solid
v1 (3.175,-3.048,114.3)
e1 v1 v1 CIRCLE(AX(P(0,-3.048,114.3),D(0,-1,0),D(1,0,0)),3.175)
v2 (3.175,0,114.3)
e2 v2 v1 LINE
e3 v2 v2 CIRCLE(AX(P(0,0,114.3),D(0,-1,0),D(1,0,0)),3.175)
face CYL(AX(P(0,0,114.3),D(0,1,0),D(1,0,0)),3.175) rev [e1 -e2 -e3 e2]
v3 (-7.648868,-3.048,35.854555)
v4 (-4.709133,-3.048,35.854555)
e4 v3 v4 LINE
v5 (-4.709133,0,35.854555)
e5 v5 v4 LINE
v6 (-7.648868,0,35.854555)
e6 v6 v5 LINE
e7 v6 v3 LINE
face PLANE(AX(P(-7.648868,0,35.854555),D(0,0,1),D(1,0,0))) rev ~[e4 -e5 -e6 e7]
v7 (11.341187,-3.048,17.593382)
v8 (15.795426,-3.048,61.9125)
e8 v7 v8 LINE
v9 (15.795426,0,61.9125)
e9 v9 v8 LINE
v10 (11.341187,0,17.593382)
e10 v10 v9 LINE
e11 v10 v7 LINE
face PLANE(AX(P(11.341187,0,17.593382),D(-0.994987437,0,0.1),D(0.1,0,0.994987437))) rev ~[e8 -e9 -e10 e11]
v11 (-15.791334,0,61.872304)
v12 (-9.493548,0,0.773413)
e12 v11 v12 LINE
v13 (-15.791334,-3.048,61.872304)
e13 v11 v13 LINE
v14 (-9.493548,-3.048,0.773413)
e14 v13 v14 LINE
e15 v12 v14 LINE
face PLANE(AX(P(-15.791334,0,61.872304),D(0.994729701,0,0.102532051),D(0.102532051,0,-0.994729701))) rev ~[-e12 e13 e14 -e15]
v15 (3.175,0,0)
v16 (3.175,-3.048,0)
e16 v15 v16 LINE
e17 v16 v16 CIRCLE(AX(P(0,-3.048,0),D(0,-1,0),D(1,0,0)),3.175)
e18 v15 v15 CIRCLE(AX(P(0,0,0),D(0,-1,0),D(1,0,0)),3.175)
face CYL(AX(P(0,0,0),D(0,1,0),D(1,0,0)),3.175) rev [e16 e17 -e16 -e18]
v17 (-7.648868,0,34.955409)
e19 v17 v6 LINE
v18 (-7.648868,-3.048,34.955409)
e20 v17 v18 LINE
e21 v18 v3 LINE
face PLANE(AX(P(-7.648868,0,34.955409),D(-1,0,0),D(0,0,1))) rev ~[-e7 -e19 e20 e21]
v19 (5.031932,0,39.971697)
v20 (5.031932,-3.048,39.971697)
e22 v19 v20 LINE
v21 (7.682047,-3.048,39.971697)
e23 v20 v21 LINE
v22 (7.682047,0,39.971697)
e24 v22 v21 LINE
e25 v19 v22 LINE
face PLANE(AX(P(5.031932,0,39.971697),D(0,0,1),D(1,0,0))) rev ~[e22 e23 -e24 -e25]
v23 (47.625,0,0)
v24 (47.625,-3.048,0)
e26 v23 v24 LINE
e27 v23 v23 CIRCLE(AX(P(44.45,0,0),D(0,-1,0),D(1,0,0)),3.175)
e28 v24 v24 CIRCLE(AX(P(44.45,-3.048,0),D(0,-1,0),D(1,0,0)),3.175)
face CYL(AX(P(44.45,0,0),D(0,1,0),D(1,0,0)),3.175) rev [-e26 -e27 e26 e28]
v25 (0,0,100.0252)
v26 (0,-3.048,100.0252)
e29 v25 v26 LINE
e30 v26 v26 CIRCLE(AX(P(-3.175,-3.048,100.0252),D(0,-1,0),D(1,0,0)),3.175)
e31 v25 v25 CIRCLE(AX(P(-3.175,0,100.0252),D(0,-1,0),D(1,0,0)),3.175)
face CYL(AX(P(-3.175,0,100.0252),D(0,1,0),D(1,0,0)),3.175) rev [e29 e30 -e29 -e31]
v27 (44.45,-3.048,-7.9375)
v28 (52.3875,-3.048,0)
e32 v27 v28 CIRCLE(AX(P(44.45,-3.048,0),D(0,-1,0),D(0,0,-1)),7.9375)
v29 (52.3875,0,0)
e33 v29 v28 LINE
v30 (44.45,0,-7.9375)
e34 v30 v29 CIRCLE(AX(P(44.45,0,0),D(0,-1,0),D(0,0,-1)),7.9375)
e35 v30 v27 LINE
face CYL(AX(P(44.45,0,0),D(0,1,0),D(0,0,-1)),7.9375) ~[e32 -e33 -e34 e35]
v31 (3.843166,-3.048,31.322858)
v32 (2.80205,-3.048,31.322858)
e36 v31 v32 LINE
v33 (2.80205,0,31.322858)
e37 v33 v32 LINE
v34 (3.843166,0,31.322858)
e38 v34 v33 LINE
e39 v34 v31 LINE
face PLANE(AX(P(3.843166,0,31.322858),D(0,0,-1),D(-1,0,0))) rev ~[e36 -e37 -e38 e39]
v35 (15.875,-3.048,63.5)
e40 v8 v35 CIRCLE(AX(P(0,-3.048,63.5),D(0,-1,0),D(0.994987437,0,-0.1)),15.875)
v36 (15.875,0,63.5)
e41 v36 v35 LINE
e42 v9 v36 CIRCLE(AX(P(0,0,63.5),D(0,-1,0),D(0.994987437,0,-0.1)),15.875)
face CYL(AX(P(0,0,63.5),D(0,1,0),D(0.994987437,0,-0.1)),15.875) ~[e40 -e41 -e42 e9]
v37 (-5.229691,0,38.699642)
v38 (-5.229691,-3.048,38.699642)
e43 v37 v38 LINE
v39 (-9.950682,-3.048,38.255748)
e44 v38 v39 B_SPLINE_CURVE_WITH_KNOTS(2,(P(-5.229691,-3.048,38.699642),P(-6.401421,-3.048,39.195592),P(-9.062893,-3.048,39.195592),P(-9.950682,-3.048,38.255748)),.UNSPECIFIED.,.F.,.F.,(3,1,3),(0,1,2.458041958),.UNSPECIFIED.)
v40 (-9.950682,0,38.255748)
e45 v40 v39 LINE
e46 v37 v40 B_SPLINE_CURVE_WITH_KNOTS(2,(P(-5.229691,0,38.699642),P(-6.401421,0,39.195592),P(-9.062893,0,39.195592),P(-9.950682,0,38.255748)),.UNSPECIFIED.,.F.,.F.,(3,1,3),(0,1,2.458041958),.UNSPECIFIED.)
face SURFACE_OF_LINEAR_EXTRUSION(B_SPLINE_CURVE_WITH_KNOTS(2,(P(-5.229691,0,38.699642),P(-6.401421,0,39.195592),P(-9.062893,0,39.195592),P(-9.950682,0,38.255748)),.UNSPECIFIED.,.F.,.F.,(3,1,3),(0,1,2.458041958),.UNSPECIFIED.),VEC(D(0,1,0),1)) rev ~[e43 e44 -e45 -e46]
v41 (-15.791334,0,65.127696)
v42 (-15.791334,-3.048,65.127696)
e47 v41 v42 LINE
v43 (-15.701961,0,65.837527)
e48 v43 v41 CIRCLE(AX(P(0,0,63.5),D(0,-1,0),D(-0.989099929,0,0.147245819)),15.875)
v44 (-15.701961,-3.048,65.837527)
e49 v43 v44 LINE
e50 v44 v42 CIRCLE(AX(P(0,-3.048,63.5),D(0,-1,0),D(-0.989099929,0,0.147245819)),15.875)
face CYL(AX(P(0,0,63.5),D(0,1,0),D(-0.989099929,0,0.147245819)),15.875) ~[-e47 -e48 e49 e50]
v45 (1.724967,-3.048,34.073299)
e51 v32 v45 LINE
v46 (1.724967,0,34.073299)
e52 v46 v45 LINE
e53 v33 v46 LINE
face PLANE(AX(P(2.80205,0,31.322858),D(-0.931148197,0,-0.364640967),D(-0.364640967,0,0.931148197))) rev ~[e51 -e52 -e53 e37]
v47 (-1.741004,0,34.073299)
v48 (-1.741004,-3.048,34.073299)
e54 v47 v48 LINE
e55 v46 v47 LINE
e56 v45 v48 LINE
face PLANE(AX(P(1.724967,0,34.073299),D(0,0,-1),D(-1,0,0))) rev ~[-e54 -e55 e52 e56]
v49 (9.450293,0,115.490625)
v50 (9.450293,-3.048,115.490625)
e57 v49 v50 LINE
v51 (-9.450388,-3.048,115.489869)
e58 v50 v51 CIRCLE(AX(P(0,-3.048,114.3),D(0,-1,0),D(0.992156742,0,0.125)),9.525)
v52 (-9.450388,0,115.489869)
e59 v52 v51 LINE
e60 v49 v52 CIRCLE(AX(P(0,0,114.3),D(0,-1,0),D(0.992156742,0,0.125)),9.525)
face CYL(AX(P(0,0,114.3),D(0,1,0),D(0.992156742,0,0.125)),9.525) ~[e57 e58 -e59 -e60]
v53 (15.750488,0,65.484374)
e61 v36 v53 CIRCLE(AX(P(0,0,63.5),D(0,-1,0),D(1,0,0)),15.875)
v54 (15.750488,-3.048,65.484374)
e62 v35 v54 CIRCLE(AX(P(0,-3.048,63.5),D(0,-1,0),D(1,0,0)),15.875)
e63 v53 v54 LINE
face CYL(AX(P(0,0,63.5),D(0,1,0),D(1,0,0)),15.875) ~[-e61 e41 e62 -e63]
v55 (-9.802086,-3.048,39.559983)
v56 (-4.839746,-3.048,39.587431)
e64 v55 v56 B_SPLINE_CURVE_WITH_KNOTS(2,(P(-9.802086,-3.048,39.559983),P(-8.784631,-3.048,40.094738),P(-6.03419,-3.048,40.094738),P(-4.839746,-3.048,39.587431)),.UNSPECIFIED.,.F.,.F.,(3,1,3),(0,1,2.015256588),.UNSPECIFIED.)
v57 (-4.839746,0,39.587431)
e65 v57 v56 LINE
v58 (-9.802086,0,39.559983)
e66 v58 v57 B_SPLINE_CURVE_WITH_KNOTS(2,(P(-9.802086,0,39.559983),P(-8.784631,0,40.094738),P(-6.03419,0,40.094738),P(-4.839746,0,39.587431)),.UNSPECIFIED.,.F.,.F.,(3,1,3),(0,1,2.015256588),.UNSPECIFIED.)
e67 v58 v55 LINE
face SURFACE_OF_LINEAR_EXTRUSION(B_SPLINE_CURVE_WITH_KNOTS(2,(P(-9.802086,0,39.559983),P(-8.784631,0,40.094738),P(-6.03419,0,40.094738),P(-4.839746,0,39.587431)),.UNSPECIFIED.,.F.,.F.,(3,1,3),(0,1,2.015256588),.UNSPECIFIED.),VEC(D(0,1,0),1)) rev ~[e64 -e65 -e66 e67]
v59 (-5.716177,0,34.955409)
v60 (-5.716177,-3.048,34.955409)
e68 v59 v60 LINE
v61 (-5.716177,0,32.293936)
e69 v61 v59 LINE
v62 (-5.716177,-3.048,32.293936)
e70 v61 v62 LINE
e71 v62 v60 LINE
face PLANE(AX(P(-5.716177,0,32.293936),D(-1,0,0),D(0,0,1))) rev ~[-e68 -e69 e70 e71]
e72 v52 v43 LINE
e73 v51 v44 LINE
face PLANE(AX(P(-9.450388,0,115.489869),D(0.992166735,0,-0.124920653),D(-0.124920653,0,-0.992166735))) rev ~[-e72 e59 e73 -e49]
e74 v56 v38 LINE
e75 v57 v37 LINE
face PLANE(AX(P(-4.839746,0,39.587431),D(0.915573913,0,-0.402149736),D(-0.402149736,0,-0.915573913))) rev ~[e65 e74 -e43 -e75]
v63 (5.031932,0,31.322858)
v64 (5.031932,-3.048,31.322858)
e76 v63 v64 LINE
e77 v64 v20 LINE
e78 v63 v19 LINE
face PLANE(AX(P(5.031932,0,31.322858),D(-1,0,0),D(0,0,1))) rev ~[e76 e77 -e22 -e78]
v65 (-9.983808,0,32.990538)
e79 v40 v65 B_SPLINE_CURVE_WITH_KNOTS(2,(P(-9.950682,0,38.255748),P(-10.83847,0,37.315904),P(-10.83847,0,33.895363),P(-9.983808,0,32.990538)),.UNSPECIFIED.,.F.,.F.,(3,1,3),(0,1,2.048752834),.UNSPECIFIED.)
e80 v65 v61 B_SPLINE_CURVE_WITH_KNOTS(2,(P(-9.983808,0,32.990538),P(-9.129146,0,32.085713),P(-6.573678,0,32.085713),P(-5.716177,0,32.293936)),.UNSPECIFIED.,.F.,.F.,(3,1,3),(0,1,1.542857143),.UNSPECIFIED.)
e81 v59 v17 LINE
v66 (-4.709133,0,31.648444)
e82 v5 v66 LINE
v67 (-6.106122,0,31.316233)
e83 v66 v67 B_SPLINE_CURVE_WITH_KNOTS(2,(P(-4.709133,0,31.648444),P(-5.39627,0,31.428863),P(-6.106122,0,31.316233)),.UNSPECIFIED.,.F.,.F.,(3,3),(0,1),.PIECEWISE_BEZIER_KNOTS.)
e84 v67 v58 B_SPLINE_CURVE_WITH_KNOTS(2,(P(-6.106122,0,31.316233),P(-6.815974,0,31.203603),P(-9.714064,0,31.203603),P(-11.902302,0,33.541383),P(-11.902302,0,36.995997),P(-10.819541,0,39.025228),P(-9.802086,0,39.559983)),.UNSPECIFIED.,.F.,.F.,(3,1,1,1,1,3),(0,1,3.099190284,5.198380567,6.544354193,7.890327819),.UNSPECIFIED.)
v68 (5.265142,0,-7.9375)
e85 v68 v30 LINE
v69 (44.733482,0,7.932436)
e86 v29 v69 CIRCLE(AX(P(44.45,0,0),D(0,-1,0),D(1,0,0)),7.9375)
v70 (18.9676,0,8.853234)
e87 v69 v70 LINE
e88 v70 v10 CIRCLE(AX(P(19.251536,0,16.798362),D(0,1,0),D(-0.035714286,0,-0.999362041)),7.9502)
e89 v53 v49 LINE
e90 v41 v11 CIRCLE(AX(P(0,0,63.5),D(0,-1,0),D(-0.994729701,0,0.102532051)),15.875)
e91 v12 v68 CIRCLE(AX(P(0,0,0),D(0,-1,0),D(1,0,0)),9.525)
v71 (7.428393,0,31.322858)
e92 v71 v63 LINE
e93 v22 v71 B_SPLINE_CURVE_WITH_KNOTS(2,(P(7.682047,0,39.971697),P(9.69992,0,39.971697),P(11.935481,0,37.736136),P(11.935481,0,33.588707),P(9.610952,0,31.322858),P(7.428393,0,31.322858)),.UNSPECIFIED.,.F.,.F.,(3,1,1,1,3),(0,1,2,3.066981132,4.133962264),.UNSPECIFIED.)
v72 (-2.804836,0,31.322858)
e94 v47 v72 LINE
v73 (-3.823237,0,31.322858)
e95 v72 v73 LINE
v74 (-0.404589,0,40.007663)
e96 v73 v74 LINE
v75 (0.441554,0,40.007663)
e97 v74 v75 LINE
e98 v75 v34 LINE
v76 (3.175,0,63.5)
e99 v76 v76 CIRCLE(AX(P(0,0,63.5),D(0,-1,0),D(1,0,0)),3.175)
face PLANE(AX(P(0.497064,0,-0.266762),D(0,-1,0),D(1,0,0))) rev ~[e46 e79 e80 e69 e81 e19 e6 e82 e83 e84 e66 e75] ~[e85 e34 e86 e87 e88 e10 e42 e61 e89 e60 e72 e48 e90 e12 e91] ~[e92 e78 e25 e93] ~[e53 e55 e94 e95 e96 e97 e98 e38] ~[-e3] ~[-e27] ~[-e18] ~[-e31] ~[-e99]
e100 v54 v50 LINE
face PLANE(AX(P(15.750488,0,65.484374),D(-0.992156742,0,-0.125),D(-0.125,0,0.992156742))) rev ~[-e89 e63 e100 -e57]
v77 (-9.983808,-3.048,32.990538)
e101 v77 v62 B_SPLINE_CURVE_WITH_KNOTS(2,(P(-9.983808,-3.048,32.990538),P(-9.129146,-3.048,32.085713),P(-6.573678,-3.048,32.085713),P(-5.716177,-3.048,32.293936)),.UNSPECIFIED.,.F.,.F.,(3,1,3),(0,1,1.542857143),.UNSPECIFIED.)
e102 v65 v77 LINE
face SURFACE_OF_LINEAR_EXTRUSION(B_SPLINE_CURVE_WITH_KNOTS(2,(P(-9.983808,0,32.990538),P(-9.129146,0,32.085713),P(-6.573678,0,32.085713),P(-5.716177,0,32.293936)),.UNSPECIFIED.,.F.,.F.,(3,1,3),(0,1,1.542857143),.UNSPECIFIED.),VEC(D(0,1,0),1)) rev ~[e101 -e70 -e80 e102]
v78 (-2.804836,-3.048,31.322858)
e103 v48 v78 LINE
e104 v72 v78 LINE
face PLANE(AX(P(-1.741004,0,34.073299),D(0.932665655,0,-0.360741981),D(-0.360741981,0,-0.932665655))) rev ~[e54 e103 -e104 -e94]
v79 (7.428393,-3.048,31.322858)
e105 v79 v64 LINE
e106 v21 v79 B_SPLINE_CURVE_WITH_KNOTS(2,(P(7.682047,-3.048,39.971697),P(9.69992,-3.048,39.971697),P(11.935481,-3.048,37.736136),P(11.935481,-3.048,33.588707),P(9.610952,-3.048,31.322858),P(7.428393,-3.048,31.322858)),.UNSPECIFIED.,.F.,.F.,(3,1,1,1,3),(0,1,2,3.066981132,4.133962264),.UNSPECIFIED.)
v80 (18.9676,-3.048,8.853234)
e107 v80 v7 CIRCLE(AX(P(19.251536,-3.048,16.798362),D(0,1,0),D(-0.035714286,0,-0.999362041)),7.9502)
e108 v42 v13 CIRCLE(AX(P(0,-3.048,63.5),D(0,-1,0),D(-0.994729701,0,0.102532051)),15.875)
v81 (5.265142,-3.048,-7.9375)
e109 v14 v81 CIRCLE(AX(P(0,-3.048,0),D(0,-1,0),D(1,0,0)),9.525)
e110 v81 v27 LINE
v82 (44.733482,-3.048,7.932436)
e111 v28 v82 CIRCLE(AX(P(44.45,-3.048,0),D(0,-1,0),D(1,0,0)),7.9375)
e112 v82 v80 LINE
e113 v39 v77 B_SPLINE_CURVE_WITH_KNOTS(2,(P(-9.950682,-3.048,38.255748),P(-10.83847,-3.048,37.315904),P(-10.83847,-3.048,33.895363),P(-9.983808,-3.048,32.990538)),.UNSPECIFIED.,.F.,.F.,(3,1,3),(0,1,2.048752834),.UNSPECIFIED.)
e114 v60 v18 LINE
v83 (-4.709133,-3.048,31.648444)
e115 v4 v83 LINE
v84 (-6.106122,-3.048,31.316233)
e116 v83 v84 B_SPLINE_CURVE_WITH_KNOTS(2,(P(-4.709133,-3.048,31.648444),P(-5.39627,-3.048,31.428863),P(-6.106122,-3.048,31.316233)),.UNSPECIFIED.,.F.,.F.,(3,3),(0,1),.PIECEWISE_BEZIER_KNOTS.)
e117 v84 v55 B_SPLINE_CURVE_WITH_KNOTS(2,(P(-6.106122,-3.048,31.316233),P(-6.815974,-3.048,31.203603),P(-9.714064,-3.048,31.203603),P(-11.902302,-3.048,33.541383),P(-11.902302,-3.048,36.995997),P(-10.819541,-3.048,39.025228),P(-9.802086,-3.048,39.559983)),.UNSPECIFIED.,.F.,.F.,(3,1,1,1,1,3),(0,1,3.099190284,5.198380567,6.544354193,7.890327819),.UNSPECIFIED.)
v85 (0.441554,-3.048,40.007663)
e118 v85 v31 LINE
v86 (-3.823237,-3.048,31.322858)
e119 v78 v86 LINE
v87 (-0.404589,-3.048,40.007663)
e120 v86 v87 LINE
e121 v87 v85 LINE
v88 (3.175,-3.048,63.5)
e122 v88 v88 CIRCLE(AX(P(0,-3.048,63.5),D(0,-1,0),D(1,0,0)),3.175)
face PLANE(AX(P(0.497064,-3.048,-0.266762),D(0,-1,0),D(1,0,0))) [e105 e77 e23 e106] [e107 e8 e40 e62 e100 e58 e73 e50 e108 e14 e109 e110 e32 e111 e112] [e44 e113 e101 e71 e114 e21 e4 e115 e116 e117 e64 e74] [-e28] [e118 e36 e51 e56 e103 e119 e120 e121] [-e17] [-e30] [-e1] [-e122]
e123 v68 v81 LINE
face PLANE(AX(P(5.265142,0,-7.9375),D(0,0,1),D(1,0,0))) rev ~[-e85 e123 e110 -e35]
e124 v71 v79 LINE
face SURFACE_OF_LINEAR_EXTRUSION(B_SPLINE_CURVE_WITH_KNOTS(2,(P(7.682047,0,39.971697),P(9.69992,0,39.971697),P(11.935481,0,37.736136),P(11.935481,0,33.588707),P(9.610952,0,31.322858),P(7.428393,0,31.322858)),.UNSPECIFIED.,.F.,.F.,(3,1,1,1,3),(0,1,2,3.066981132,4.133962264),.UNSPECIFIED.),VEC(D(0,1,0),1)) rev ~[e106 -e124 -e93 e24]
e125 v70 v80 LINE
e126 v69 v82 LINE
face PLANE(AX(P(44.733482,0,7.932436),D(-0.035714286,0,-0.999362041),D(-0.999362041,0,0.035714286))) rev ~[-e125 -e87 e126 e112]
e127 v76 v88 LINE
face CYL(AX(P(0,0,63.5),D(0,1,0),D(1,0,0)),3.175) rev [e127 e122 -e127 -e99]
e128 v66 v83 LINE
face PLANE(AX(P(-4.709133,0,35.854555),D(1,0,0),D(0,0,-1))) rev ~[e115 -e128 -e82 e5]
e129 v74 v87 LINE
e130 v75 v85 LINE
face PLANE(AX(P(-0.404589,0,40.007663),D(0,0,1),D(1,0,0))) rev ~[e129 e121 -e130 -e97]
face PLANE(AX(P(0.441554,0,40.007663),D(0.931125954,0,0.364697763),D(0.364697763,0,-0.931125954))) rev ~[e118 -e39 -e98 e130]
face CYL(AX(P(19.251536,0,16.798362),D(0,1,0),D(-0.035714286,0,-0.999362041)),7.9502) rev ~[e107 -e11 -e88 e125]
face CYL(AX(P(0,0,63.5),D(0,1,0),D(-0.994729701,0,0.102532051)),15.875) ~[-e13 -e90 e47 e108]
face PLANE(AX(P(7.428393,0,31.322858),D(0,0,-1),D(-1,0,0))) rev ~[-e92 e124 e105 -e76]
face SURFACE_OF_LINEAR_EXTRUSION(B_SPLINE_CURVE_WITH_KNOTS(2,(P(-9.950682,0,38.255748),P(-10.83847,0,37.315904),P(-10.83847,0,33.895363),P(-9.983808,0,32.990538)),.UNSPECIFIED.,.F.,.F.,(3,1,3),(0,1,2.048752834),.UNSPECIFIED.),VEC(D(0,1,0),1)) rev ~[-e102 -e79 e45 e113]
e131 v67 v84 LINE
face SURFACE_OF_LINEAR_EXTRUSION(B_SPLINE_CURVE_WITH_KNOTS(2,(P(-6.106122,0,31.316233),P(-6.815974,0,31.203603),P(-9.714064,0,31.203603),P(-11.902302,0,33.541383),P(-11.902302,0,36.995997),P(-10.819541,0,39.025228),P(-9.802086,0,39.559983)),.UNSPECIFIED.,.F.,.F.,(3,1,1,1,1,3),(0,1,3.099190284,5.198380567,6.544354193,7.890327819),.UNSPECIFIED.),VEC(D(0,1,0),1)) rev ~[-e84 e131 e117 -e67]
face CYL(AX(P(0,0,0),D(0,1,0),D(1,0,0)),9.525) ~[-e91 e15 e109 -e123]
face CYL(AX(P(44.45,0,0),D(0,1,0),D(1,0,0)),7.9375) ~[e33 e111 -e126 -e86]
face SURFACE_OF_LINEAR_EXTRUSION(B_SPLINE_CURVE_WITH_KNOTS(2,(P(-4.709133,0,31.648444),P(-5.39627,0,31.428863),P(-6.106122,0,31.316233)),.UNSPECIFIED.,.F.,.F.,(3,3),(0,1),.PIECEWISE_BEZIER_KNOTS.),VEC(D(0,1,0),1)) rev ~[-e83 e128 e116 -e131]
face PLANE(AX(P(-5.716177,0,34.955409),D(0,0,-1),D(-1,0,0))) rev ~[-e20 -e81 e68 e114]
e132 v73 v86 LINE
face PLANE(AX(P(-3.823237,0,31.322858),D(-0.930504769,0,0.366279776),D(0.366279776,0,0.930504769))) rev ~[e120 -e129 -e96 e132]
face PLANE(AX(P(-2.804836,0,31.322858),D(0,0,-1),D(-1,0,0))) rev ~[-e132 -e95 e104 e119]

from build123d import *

# Parameters (mm, degrees)
F0_R     = 3.175
F1_DEPTH = 3.048


with BuildPart() as f1:
    # F0 (on Front) → F1 (new body)
    with BuildSketch(Plane.XZ):
        with BuildLine():
            ThreePointArc((5.2651418547, -7.9375), (8.392737967, -4.5041730003), (9.525, 0))
            ThreePointArc((9.525, 0), (0.3870261205, 9.5171338008), (-9.4935481957, 0.7734129917))
            ThreePointArc((-9.4935481957, 0.7734129917), (-4.8414725377, -8.2027902976), (5.2651418547, -7.9375))
        make_face()
        Circle(F0_R, mode=Mode.SUBTRACT)
        with BuildLine():
            ThreePointArc((-9.4935481957, 0.7734129917), (0.3870261205, 9.5171338008), (9.525, 0))
            ThreePointArc((9.525, 0), (8.392737967, -4.5041730003), (5.2651418547, -7.9375))
            Line((5.2651418547, -7.9375), (44.45, -7.9375))
            ThreePointArc((44.45, -7.9375), (36.5137660501, 0.1417636831), (44.7334821429, 7.9324362036))
            Line((44.7334821429, 7.9324362036), (18.9676000005, 8.8532337108))
            ThreePointArc((18.9676000005, 8.8532337108), (13.2611998974, 11.5713591498), (11.3411865923, 17.5933818124))
            Line((11.3411865923, 17.5933818124), (15.7954255641, 61.9125))
            ThreePointArc((15.7954255641, 61.9125), (0.0202020085, 47.6250128542), (-15.7913340065, 61.8723036849))
            Line((-15.7913340065, 61.8723036849), (-9.4935481957, 0.7734129917))
        make_face()
        with BuildLine():
            Line((-7.6488675581, 34.9554086146), (-7.6488675581, 35.8545547227))
            Line((-7.6488675581, 35.8545547227), (-4.7091330197, 35.8545547227))
            Line((-4.7091330197, 35.8545547227), (-4.7091330197, 31.6484438763))
            add(Edge.make_bspline(
                [(-4.7091330197, 31.6484438763), (-5.3962699401, 31.4288629321), (-6.1061221307, 31.3162330512)],
                knots=[0, 0, 0, 1, 1, 1], degree=2))
            add(Edge.make_bspline(
                [(-6.1061221307, 31.3162330512), (-6.8159743212, 31.2036031703), (-7.7510862735, 31.2036031703)],
                knots=[0, 0, 0, 1, 1, 1], degree=2))
            add(Edge.make_bspline(
                [(-7.7510862735, 31.2036031703), (-9.7140641978, 31.2036031703), (-10.8081830408, 32.3724931107)],
                knots=[0, 0, 0, 1, 1, 1], degree=2))
            add(Edge.make_bspline(
                [(-10.8081830408, 32.3724931107), (-11.9023018838, 33.5413830511), (-11.9023018838, 35.6463314134)],
                knots=[0, 0, 0, 1, 1, 1], degree=2))
            add(Edge.make_bspline(
                [(-11.9023018838, 35.6463314134), (-11.9023018838, 36.995997045), (-11.3609212798, 38.0106124427)],
                knots=[0, 0, 0, 1, 1, 1], degree=2))
            add(Edge.make_bspline(
                [(-11.3609212798, 38.0106124427), (-10.8195406758, 39.0252278404), (-9.8020858694, 39.5599831573)],
                knots=[0, 0, 0, 1, 1, 1], degree=2))
            add(Edge.make_bspline(
                [(-9.8020858694, 39.5599831573), (-8.784631063, 40.0947384741), (-7.4198219179, 40.0947384741)],
                knots=[0, 0, 0, 1, 1, 1], degree=2))
            add(Edge.make_bspline(
                [(-7.4198219179, 40.0947384741), (-6.034190442, 40.0947384741), (-4.8397458227, 39.5874307753)],
                knots=[0, 0, 0, 1, 1, 1], degree=2))
            Line((-4.8397458227, 39.5874307753), (-5.2296912927, 38.6996423023))
            add(Edge.make_bspline(
                [(-5.2296912927, 38.6996423023), (-6.4014206419, 39.1955923661), (-7.4841818499, 39.1955923661)],
                knots=[0, 0, 0, 1, 1, 1], degree=2))
            add(Edge.make_bspline(
                [(-7.4841818499, 39.1955923661), (-9.0628931216, 39.1955923661), (-9.9506815946, 38.2557480658)],
                knots=[0, 0, 0, 1, 1, 1], degree=2))
            add(Edge.make_bspline(
                [(-9.9506815946, 38.2557480658), (-10.8384700676, 37.3159037656), (-10.8384700676, 35.6463314134)],
                knots=[0, 0, 0, 1, 1, 1], degree=2))
            add(Edge.make_bspline(
                [(-10.8384700676, 35.6463314134), (-10.8384700676, 33.8953626768), (-9.9838080302, 32.9905377512)],
                knots=[0, 0, 0, 1, 1, 1], degree=2))
            add(Edge.make_bspline(
                [(-9.9838080302, 32.9905377512), (-9.1291459928, 32.0857128257), (-7.4728242148, 32.0857128257)],
                knots=[0, 0, 0, 1, 1, 1], degree=2))
            add(Edge.make_bspline(
                [(-7.4728242148, 32.0857128257), (-6.5736781068, 32.0857128257), (-5.7161766607, 32.2939361349)],
                knots=[0, 0, 0, 1, 1, 1], degree=2))
            Line((-5.7161766607, 32.2939361349), (-5.7161766607, 34.9554086146))
            Line((-5.7161766607, 34.9554086146), (-7.6488675581, 34.9554086146))
        make_face(mode=Mode.SUBTRACT)
        Polygon((3.8431661719, 31.3228583383), (2.8020496258, 31.3228583383), (1.7249672353, 34.0732989592), (-1.7410043937, 34.0732989592), (-2.8048362099, 31.3228583383), (-3.8232374859, 31.3228583383), (-0.4045893363, 40.0076632721), (0.4415544748, 40.0076632721), align=None, mode=Mode.SUBTRACT)
        with BuildLine():
            add(Edge.make_bspline(
                [(10.8177005613, 38.8539168451), (11.935481144, 37.7361362624), (11.935481144, 35.7296207371)],
                knots=[0, 0, 0, 1, 1, 1], degree=2))
            add(Edge.make_bspline(
                [(11.935481144, 35.7296207371), (11.935481144, 33.5887065305), (10.7732164907, 32.4557824344)],
                knots=[0, 0, 0, 1, 1, 1], degree=2))
            add(Edge.make_bspline(
                [(10.7732164907, 32.4557824344), (9.6109518374, 31.3228583383), (7.4283929689, 31.3228583383)],
                knots=[0, 0, 0, 1, 1, 1], degree=2))
            Line((7.4283929689, 31.3228583383), (5.0319319737, 31.3228583383))
            Line((5.0319319737, 31.3228583383), (5.0319319737, 39.9716974278))
            Line((5.0319319737, 39.9716974278), (7.6820468183, 39.9716974278))
            add(Edge.make_bspline(
                [(7.6820468183, 39.9716974278), (9.6999199786, 39.9716974278), (10.8177005613, 38.8539168451)],
                knots=[0, 0, 0, 1, 1, 1], degree=2))
        make_face(mode=Mode.SUBTRACT)
        with BuildLine():
            ThreePointArc((-15.7913340065, 65.1276963151), (-15.875, 63.5), (-15.7913340065, 61.8723036849))
            ThreePointArc((-15.7913340065, 61.8723036849), (0.0202020085, 47.6250128542), (15.7954255641, 61.9125))
            ThreePointArc((15.7954255641, 61.9125), (15.8550939106, 62.7052534459), (15.875, 63.5))
            ThreePointArc((15.875, 63.5), (15.8438415247, 64.4941381891), (15.7504884108, 65.4843739115))
            ThreePointArc((15.7504884108, 65.4843739115), (0.1782359655, 79.3739993997), (-15.7019613681, 65.8375273678))
            Line((-15.7019613681, 65.8375273678), (-15.7913340065, 65.1276963151))
        make_face()
        with Locations((0, 63.5)):
            Circle(F0_R, mode=Mode.SUBTRACT)
        with BuildLine():
            ThreePointArc((44.7334821429, 7.9324362036), (36.5137660501, 0.1417636831), (44.45, -7.9375))
            ThreePointArc((44.45, -7.9375), (50.0626600757, -5.6126600757), (52.3875, 0))
            ThreePointArc((52.3875, 0), (50.1620069047, 5.5115227815), (44.7334821429, 7.9324362036))
        make_face()
        with Locations((44.45, 0)):
            Circle(F0_R, mode=Mode.SUBTRACT)
        with BuildLine():
            ThreePointArc((-15.7019613681, 65.8375273678), (-15.7506469207, 65.4831153726), (-15.7913340065, 65.1276963151))
            Line((-15.7913340065, 65.1276963151), (-15.7019613681, 65.8375273678))
        make_face()
        with BuildLine():
            Line((-9.4503881524, 115.4898692236), (-15.7019613681, 65.8375273678))
            ThreePointArc((-15.7019613681, 65.8375273678), (0.1782359655, 79.3739993997), (15.7504884108, 65.4843739115))
            Line((15.7504884108, 65.4843739115), (9.4502929642, 115.490625))
            ThreePointArc((9.4502929642, 115.490625), (9.5063048942, 114.896483242), (9.525, 114.3))
            ThreePointArc((9.525, 114.3), (-0.5961031154, 104.793671262), (-9.4503881524, 115.4898692236))
        make_face()
        with Locations((-3.175, 100.0252)):
            Circle(F0_R, mode=Mode.SUBTRACT)
        with BuildLine():
            ThreePointArc((9.4502929642, 115.490625), (-0.0003808736, 123.8249999924), (-9.4503881524, 115.4898692236))
            ThreePointArc((-9.4503881524, 115.4898692236), (-0.5961031154, 104.793671262), (9.525, 114.3))
            ThreePointArc((9.525, 114.3), (9.5063048942, 114.896483242), (9.4502929642, 115.490625))
        make_face()
        with Locations((0, 114.3)):
            Circle(F0_R, mode=Mode.SUBTRACT)
    extrude(amount=F1_DEPTH)


solid = f1.part
